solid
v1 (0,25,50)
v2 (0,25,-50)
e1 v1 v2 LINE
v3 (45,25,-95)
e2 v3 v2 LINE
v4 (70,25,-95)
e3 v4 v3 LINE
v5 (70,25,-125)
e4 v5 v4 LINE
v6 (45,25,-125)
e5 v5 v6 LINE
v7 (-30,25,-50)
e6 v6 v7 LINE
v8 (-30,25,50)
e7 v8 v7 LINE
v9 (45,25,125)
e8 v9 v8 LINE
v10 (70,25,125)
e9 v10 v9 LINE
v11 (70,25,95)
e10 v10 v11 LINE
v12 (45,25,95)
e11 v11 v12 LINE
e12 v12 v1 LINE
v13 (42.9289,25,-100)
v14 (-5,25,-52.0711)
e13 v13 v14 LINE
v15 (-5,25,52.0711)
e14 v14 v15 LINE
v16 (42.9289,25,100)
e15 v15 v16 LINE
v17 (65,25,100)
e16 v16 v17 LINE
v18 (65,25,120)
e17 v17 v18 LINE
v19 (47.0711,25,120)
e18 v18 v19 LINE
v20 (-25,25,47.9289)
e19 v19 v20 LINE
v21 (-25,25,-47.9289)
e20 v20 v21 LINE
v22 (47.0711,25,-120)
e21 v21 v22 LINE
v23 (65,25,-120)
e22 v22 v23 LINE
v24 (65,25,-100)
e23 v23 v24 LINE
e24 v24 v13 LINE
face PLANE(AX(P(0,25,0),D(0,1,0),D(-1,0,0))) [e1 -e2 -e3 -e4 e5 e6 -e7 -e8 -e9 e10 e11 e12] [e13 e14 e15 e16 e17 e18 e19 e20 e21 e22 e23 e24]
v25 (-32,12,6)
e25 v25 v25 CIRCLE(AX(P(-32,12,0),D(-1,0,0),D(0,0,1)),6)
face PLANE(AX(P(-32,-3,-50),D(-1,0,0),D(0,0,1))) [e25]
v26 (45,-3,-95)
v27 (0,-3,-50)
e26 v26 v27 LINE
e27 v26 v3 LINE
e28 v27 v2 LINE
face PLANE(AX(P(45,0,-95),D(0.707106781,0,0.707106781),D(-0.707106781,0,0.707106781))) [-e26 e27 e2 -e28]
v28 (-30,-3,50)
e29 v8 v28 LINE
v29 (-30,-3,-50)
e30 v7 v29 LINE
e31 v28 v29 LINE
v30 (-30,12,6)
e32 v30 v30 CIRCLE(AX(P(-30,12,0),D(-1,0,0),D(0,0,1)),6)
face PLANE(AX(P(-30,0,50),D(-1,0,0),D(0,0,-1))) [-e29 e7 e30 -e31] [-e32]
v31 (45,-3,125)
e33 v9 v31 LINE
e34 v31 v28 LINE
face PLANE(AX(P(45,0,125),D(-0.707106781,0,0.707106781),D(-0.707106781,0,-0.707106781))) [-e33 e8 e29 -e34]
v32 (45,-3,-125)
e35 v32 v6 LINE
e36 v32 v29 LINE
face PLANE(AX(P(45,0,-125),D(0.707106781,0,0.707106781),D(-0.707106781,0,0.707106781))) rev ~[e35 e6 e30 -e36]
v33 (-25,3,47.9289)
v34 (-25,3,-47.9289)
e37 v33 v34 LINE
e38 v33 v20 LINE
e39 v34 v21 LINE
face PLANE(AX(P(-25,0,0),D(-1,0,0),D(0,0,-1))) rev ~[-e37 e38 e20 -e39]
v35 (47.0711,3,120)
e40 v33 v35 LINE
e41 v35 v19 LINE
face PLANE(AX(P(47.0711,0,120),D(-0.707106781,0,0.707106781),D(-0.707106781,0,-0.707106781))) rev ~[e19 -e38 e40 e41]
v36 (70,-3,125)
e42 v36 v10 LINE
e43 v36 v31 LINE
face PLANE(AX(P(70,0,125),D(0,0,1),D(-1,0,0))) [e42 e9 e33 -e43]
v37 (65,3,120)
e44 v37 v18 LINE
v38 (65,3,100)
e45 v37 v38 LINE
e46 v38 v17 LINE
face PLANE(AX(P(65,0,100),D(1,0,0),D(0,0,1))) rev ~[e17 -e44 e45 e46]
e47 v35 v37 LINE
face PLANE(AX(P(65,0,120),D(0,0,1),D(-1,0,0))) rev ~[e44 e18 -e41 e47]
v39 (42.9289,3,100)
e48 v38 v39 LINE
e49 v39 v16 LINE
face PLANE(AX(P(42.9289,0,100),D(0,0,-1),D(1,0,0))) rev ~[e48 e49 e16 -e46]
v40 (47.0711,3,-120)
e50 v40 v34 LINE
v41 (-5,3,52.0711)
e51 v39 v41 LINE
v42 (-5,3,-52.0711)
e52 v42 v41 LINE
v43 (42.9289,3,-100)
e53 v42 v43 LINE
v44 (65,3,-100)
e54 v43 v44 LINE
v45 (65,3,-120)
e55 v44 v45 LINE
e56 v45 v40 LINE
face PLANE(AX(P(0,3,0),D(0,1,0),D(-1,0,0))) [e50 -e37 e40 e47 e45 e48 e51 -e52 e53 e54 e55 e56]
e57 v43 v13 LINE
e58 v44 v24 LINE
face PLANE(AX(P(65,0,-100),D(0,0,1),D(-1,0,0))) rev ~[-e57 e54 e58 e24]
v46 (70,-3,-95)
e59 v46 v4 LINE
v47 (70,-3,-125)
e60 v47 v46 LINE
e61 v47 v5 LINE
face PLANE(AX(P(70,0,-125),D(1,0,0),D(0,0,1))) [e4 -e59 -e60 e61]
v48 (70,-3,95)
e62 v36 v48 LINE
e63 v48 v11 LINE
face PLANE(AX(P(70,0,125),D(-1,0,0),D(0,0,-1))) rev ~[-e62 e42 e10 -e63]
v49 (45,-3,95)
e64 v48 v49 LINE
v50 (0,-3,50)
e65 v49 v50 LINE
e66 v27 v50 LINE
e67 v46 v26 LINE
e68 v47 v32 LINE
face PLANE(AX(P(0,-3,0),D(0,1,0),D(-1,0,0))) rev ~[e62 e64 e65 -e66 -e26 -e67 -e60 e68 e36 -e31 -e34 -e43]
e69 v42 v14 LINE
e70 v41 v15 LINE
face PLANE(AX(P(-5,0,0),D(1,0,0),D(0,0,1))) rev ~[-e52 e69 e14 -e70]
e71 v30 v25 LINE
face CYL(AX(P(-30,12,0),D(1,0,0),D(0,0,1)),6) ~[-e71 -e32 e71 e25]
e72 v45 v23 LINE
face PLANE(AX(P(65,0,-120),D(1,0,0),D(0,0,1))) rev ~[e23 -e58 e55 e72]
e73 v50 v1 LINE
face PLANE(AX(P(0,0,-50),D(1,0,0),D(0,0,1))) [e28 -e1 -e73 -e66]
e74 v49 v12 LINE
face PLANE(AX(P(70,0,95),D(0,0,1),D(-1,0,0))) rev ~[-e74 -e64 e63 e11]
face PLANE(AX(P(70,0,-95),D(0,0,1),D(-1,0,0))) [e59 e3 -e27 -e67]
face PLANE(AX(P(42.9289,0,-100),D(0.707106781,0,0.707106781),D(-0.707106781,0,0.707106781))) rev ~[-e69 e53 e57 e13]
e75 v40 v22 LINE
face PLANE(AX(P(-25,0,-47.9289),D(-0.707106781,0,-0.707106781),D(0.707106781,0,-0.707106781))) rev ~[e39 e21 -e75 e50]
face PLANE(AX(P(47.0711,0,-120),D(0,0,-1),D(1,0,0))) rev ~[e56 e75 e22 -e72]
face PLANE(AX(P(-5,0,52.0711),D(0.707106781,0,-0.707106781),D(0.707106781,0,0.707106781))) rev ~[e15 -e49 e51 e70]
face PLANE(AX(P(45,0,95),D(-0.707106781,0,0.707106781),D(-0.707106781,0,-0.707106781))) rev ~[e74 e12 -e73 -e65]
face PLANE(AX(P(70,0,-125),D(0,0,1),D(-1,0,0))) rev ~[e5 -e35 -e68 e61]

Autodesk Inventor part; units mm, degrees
ref_plane "YZ Plane" through (0, 0, 0) normal (1, 0, 0) x (0, 1, 0)
ref_plane "XZ Plane" through (0, 0, 0) normal (0, 1, 0) x (-1, 0, 0)
ref_plane "XY Plane" through (0, 0, 0) normal (0, 0, 1) x (1, 0, 0)
sketch "Sketch1" plane through (0, 0, 0) normal (0, 1, 0) x (-1, 0, 0)
  line L0 (-70, 125) -> (-70, 95)
  line L1 (-70, 95) -> (-45, 95)
  line L2 (-45, 95) -> (0, 50)
  line L3 (0, 50) -> (0, 0)
  line L4 (-70, 125) -> (-45, 125)
  line L5 (-45, 125) -> (30, 50)
  line L6 (30, 50) -> (30, 0)
  line L7 (0, 0) -> (-70, 0) construction
  line L8 (-70, -125) -> (-70, -95)
  line L9 (-70, -95) -> (-45, -95)
  line L10 (-45, -95) -> (0, -50)
  line L11 (0, -50) -> (0, 0)
  line L12 (-70, -125) -> (-45, -125)
  line L13 (-45, -125) -> (30, -50)
  line L14 (30, -50) -> (30, 0)
  line L15 (-42.9289, 100) -> (-65, 100)
  line L16 (-65, 100) -> (-65, 120)
  line L17 (-65, 120) -> (-47.0711, 120)
  line L18 (-47.0711, 120) -> (25, 47.9289)
  line L19 (25, 47.9289) -> (25, 0)
  line L20 (25, 0) -> (25, -47.9289)
  line L21 (25, -47.9289) -> (-47.0711, -120)
  line L22 (-47.0711, -120) -> (-65, -120)
  line L23 (-65, -120) -> (-65, -100)
  line L24 (-65, -100) -> (-42.9289, -100)
  line L25 (-42.9289, -100) -> (5, -52.0711)
  line L26 (5, -52.0711) -> (5, 0)
  line L27 (5, 0) -> (5, 52.0711)
  line L28 (5, 52.0711) -> (-42.9289, 100)
  dimension "d0" = 125
  dimension "d1" = 30
  dimension "d4" = 30
  dimension "d5" = 25
  dimension "d6" = 100
  dimension "d7" = 20
extrude "Extrusion3" add sketch "Sketch1" along normal mid plane 6 contours L4 L5 L6 L14 L13 L12 L8 L9 L10 L11 L3 L2 L1 L0 | L15 L16 L17 L18 L19 L20 L21 L22 L23 L24 L25 L26 L27 L28
extrude "Extrusion4" add sketch "Sketch1" along normal blind 25
sketch "Sketch2" plane through (-30, -3, -50) normal (-1, 0, 0) x (0, 0, 1)
  circle A0 centre (50, 15) radius 6
  point P0 (50, 3)
  dimension "d16" = 12
extrude "Extrusion5" add sketch "Sketch2" along normal blind 2
properties part number "prettylny"
